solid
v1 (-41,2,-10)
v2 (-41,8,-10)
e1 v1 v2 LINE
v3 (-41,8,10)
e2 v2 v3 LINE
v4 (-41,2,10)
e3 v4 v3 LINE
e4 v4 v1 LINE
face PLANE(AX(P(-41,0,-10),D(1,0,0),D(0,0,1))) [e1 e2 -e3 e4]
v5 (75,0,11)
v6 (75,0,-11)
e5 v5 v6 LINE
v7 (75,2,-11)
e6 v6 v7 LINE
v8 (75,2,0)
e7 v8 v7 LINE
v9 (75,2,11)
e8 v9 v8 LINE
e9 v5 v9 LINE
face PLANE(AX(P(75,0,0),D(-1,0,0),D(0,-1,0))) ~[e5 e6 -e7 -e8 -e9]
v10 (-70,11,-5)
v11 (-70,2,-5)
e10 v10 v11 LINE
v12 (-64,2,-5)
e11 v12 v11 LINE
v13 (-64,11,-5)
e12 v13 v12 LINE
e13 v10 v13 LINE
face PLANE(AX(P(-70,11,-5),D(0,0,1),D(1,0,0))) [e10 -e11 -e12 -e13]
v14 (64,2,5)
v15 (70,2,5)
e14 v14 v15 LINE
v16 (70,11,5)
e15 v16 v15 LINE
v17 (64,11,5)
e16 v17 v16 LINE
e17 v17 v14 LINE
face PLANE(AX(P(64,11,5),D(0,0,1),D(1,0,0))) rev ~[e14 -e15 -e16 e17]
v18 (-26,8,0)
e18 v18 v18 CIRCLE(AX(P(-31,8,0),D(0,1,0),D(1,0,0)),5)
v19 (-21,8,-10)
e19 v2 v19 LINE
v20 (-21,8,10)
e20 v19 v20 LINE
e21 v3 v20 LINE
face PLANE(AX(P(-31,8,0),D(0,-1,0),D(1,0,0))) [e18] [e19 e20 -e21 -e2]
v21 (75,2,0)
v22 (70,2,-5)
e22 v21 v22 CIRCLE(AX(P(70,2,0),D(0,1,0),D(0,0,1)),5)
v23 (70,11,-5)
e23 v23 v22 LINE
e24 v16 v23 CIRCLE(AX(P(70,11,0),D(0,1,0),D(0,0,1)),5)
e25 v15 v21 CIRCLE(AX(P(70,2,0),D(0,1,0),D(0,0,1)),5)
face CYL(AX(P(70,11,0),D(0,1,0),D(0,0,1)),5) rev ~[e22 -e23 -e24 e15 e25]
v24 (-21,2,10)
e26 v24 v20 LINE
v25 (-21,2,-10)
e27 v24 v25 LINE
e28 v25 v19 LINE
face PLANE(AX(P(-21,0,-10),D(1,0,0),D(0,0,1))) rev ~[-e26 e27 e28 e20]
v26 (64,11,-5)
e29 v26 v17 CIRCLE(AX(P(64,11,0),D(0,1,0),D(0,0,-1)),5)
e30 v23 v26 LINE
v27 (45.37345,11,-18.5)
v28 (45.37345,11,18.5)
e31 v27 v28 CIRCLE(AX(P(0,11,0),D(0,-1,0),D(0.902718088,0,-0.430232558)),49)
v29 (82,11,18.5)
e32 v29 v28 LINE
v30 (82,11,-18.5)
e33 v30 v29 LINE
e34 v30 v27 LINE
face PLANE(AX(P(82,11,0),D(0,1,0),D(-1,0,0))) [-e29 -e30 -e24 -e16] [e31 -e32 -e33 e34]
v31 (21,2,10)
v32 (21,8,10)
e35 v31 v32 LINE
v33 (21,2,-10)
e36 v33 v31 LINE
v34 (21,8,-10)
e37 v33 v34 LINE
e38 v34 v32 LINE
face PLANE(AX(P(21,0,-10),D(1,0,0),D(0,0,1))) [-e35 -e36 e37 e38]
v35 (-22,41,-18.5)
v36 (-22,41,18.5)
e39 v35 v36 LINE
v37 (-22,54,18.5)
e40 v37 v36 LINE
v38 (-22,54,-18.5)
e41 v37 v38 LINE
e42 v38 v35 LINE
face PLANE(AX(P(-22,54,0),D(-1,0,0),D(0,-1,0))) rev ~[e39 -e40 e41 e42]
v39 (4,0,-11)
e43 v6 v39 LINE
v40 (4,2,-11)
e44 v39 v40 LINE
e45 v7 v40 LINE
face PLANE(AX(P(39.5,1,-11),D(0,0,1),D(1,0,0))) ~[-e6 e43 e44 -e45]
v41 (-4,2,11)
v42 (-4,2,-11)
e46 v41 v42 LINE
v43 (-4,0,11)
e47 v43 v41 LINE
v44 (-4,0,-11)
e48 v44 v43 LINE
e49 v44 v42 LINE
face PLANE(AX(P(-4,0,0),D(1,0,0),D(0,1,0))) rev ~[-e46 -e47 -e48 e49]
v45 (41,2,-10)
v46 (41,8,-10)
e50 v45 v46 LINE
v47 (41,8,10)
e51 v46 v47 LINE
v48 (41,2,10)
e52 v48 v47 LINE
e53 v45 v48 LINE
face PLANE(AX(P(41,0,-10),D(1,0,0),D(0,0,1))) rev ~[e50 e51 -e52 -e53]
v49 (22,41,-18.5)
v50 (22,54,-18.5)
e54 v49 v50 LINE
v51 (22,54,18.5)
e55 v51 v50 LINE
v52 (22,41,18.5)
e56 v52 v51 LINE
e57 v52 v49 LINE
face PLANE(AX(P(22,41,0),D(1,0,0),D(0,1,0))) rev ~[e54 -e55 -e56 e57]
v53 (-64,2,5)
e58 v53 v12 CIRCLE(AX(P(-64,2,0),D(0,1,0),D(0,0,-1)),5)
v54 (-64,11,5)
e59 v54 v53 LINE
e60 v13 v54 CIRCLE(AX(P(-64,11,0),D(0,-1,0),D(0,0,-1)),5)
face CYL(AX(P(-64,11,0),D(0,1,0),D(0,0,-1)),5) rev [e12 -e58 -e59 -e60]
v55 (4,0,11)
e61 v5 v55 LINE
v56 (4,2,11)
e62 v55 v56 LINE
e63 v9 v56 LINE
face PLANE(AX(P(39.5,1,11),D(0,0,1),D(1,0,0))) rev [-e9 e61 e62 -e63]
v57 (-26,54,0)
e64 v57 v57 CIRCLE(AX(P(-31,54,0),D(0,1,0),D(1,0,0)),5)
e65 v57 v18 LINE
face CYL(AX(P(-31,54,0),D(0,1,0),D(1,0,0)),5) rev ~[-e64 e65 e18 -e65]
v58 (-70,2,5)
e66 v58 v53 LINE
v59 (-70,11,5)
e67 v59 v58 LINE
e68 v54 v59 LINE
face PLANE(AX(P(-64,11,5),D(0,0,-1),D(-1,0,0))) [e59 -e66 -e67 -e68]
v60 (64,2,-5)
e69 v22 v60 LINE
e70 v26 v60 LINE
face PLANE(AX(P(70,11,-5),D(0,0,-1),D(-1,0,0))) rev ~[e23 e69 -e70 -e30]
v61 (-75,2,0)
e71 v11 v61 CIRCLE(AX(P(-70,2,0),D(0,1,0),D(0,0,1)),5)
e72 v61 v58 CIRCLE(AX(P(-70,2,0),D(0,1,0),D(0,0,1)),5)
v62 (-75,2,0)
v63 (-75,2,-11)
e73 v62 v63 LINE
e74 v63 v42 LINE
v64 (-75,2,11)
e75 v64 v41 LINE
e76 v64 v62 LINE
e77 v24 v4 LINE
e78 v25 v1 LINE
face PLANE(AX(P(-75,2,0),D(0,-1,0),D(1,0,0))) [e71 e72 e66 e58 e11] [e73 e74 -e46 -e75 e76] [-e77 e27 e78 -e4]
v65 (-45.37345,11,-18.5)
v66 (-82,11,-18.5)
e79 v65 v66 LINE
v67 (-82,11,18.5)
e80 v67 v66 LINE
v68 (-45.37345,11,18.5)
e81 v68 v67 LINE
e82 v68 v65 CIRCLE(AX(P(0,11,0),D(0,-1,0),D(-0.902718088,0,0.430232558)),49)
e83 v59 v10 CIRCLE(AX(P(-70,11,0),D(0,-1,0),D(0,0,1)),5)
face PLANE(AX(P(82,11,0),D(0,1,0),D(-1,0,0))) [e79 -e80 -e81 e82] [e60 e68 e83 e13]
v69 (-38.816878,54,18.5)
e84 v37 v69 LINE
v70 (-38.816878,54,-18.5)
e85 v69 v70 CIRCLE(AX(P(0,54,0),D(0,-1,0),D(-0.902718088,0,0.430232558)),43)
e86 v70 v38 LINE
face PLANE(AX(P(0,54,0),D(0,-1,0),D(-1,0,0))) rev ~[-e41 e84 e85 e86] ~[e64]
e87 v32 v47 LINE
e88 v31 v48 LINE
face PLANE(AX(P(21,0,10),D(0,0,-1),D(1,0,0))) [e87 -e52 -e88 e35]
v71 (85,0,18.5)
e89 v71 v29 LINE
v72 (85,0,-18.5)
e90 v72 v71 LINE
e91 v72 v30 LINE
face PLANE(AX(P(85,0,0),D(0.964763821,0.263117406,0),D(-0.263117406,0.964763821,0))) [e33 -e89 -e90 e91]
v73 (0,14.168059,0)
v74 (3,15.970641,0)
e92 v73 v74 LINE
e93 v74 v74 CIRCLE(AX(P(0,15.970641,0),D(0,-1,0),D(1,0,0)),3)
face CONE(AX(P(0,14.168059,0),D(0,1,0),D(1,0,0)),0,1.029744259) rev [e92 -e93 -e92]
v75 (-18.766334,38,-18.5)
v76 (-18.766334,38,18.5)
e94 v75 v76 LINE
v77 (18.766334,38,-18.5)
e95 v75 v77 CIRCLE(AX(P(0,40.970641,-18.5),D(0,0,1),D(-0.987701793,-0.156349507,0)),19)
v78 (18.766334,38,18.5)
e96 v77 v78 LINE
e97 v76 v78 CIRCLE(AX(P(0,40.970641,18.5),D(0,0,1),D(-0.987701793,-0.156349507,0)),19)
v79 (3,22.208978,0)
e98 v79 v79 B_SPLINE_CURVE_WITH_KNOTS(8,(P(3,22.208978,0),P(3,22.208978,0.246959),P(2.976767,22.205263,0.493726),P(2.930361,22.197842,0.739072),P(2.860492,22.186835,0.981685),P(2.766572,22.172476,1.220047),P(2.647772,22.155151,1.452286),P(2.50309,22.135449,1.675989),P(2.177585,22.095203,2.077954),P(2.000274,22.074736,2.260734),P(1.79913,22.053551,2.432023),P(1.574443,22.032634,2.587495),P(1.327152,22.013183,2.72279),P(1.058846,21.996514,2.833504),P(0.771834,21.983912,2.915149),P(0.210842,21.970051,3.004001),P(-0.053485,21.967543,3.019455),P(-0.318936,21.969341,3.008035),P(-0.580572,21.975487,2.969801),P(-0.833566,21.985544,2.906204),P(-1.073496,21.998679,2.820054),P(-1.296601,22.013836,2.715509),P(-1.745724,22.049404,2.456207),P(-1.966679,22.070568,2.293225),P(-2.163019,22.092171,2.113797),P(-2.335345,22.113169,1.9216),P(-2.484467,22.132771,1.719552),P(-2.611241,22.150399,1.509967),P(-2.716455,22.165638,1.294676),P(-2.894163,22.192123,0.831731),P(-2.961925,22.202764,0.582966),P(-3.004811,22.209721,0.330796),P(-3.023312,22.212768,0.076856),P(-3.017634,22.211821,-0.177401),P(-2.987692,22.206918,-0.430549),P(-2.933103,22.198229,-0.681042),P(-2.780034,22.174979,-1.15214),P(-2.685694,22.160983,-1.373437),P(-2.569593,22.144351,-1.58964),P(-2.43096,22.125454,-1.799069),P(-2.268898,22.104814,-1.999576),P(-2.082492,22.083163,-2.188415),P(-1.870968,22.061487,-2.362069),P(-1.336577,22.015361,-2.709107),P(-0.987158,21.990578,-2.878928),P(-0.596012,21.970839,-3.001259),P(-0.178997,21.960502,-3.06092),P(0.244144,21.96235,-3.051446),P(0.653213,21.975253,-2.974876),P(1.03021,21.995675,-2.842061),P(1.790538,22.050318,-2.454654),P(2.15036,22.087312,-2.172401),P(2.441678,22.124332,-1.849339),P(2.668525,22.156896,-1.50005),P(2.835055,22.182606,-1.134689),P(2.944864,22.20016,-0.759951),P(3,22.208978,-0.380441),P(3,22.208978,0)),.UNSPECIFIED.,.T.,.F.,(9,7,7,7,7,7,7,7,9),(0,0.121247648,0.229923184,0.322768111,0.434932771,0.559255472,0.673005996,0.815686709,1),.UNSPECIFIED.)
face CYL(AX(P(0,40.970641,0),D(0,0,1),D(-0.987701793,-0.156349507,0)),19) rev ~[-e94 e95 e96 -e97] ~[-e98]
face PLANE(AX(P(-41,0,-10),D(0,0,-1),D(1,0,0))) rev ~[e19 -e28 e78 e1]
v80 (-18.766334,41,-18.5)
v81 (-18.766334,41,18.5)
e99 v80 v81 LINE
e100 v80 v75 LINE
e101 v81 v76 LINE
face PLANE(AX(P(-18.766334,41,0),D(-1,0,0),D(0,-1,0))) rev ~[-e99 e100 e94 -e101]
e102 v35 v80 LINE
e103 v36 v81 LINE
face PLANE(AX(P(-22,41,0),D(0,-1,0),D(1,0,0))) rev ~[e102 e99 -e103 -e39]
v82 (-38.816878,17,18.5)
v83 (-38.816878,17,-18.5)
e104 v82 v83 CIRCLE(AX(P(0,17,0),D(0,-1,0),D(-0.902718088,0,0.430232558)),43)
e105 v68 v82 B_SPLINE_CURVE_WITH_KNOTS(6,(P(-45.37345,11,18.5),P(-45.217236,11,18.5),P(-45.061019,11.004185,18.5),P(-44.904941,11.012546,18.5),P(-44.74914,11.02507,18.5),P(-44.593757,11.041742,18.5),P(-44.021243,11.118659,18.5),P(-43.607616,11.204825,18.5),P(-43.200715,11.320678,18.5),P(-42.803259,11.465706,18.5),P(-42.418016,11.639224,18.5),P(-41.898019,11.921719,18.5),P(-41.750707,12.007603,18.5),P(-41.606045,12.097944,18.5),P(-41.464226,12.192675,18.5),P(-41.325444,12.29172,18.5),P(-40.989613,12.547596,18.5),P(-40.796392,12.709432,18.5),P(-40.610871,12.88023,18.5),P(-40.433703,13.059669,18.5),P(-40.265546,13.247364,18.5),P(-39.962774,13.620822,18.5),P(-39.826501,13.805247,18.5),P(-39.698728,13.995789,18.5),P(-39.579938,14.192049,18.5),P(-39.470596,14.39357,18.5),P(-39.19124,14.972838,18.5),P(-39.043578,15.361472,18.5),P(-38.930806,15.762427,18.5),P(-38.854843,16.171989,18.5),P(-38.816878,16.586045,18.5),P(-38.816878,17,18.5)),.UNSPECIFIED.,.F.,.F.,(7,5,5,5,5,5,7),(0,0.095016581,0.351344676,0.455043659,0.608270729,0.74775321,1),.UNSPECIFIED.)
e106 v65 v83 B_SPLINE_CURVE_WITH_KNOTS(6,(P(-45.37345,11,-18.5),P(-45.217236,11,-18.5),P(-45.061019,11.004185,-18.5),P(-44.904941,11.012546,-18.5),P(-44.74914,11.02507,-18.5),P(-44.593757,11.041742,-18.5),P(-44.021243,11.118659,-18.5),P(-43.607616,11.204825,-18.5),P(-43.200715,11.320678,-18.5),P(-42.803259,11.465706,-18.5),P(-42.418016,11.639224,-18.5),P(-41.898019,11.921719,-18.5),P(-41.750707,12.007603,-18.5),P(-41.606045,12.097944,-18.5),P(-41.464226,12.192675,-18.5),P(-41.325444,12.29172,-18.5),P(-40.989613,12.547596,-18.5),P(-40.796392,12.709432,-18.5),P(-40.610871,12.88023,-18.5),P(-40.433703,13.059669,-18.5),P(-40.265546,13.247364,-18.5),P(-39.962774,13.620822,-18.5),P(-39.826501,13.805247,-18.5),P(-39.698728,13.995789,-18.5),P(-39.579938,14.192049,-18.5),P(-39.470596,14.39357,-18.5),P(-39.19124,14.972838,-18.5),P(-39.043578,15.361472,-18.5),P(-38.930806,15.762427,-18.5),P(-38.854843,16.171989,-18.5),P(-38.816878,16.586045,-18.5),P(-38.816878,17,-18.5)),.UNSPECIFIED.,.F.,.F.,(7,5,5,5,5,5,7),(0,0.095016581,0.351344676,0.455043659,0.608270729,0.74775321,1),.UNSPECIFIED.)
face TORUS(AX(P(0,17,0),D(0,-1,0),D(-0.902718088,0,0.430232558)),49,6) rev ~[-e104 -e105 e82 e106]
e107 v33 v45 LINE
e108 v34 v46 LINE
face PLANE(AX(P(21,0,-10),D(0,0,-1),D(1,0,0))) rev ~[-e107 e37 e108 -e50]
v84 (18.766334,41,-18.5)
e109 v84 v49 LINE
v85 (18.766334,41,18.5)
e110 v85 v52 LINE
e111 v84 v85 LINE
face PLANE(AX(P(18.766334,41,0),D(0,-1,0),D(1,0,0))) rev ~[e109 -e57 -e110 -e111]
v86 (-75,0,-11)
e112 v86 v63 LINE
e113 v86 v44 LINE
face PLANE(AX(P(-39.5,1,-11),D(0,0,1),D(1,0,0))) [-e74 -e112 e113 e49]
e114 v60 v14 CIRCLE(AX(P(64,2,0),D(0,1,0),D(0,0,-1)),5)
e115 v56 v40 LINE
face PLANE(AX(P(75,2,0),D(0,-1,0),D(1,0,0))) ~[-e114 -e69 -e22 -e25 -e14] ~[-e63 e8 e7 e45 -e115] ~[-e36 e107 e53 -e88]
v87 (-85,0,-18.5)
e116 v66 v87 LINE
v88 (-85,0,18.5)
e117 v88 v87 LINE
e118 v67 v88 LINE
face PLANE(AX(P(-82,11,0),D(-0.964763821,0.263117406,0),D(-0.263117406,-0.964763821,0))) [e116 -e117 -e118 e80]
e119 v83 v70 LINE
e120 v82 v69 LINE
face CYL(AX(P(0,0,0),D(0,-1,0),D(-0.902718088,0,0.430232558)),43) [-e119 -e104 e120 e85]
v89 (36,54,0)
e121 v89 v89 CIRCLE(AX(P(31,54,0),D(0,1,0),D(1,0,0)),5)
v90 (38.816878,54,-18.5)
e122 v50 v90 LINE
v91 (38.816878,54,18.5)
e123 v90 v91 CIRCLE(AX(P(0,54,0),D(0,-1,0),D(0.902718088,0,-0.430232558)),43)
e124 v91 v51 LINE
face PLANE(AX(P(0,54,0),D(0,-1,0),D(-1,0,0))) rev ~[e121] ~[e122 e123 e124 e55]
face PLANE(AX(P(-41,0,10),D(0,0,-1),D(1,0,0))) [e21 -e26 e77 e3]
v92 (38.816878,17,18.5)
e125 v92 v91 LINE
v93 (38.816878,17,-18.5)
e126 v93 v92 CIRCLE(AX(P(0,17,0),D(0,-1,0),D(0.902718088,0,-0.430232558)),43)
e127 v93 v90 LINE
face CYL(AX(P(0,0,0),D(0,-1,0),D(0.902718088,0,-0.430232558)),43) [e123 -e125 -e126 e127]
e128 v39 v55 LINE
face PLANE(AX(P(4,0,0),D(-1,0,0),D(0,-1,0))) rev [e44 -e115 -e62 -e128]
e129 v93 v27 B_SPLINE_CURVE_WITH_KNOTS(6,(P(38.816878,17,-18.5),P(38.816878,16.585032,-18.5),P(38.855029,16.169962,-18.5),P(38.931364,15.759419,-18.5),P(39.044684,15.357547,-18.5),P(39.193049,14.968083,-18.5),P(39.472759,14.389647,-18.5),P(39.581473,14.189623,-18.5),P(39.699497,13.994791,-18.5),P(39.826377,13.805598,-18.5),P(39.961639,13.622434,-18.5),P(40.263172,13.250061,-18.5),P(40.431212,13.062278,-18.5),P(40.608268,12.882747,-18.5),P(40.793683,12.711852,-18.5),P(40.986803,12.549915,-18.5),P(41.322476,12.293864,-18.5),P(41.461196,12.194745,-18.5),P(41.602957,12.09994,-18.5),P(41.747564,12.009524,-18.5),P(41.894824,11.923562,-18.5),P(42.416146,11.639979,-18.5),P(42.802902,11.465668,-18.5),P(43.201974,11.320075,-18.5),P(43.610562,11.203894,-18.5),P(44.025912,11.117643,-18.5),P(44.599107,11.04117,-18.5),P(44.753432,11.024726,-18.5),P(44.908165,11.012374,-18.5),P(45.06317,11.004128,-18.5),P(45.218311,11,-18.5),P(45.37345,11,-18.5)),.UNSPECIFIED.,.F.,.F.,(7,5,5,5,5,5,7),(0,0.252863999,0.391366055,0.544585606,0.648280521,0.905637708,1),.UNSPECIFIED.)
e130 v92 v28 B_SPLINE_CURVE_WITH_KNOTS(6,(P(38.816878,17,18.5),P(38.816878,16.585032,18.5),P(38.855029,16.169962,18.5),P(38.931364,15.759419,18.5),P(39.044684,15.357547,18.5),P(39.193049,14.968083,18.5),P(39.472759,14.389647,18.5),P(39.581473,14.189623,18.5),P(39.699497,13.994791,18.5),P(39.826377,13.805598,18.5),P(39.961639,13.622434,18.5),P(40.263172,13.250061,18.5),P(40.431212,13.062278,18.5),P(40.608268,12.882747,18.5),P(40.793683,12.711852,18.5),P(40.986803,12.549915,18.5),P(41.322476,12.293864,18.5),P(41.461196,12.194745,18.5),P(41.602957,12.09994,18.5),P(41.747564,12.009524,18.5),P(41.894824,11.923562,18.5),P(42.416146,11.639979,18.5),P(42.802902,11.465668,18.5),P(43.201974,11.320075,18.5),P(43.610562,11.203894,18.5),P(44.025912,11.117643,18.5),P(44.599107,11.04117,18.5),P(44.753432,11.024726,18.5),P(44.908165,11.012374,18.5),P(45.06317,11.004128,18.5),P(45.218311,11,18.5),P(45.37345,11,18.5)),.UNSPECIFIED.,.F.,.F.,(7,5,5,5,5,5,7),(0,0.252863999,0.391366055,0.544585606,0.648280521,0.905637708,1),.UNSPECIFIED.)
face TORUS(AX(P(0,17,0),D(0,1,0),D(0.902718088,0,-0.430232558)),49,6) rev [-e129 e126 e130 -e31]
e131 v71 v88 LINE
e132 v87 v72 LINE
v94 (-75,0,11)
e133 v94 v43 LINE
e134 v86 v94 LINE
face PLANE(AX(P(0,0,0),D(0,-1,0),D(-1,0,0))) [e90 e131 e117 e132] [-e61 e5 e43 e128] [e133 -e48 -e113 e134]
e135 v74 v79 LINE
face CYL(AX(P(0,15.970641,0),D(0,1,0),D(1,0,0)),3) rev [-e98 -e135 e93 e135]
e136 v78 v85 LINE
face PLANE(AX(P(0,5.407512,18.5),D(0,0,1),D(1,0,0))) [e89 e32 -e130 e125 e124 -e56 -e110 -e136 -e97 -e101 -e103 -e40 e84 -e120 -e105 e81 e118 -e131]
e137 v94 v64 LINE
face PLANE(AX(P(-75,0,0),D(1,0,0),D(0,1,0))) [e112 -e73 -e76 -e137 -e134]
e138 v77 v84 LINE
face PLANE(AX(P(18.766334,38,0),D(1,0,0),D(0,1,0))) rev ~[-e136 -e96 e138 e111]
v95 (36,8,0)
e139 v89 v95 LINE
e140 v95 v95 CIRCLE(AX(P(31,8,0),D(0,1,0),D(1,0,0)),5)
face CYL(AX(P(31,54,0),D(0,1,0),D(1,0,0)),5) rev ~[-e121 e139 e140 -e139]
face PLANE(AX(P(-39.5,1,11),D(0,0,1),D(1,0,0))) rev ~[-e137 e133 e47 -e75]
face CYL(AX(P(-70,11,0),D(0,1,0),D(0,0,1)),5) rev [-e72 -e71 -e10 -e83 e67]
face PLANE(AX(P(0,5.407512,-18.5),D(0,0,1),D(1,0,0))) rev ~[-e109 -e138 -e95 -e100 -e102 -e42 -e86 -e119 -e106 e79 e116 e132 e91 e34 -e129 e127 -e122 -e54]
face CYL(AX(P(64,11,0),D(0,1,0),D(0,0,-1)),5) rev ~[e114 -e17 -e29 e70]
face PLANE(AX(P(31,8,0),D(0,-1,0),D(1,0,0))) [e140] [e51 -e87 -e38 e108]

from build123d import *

# Parameters (mm, degrees)
BOSS_EXTRUDE1_DEPTH = 18.5
BOSS_EXTRUDE2_START = -11
BOSS_EXTRUDE2_DEPTH = 54
CUT_EXTRUDE1_DEPTH  = 27
SKETCH4_R           = 5
CUT_EXTRUDE2_DEPTH  = 55
SKETCH5_W           = 20
SKETCH5_H           = 20
CUT_EXTRUDE3_DEPTH  = 8
SKETCH6_W           = 71
SKETCH6_H           = 2
CUT_EXTRUDE4_DEPTH  = 11
CUT_EXTRUDE5_DEPTH  = 12
FILLET1_R           = 6


with BuildPart() as part:
    # Sketch1 → Boss-Extrude1 (new body, symmetric)
    with BuildSketch(Plane.XY):
        Polygon((-85, 0), (85, 0), (82, 11), (-82, 11), align=None)
    extrude(amount=BOSS_EXTRUDE1_DEPTH, both=True)

    # Sketch2 → Boss-Extrude2 (add)
    with BuildSketch(Plane(origin=(0, 11, 0), x_dir=(1, 0, 0), z_dir=(0, 1, 0)).offset(BOSS_EXTRUDE2_START)):
        with BuildLine():
            Line((38.816877772, -18.5), (-38.816877772, -18.5))
            ThreePointArc((-38.816877772, -18.5), (-43, 0), (-38.816877772, 18.5))
            Line((-38.816877772, 18.5), (38.816877772, 18.5))
            ThreePointArc((38.816877772, 18.5), (43, 0), (38.816877772, -18.5))
        make_face()
    extrude(amount=BOSS_EXTRUDE2_DEPTH)

    # Sketch3 → Cut-Extrude1 (cut, symmetric)
    with BuildSketch(Plane.XY):
        with BuildLine():
            Line((-22, 54), (-22, 41))
            Line((-22, 41), (-18.766334066, 41))
            Line((-18.766334066, 41), (-18.766334066, 38))
            ThreePointArc((-18.766334066, 38), (0, 21.970640627), (18.766334066, 38))
            Line((18.766334066, 38), (18.766334066, 41))
            Line((18.766334066, 41), (22, 41))
            Line((22, 41), (22, 54))
            Line((22, 54), (-22, 54))
        make_face()
    extrude(amount=CUT_EXTRUDE1_DEPTH, both=True, mode=Mode.SUBTRACT)

    # Sketch4 → Cut-Extrude2 (cut, through all)
    with BuildSketch(Plane(origin=(0, 54, 0), x_dir=(1, 0, 0), z_dir=(0, 1, 0))):
        with Locations((-31, 0)):
            Circle(SKETCH4_R)
        with Locations((31, 0)):
            Circle(SKETCH4_R)
    extrude(amount=-CUT_EXTRUDE2_DEPTH, mode=Mode.SUBTRACT)

    # Sketch5 → Cut-Extrude3 (cut)
    with BuildSketch(Plane.XZ):
        with Locations((-31, 0)):
            Rectangle(SKETCH5_W, SKETCH5_H)
        with Locations((31, 0)):
            Rectangle(SKETCH5_W, SKETCH5_H)
    extrude(amount=-CUT_EXTRUDE3_DEPTH, mode=Mode.SUBTRACT)

    # Sketch6 → Cut-Extrude4 (cut, symmetric)
    with BuildSketch(Plane.XY):
        with Locations((-39.5, 1)):
            Rectangle(SKETCH6_W, SKETCH6_H)
    cut_extrude4 = extrude(amount=CUT_EXTRUDE4_DEPTH, both=True, mode=Mode.SUBTRACT)

    # Mirror1: Cut-Extrude4 across plane
    add(cut_extrude4.mirror(Plane(origin=(0, 0, 0), x_dir=(0, 0, 1), z_dir=(1, 0, 0))), mode=Mode.SUBTRACT)

    # Sketch7 → Cut-Extrude5 (cut, through all)
    with BuildSketch(Plane(origin=(0, 11, 0), x_dir=(1, 0, 0), z_dir=(0, 1, 0))):
        with BuildLine():
            Line((-64, -5), (-70, -5))
            ThreePointArc((-70, -5), (-75, 0), (-70, 5))
            Line((-70, 5), (-64, 5))
            ThreePointArc((-64, 5), (-59, 0), (-64, -5))
        make_face()
        with BuildLine():
            Line((64, -5), (70, -5))
            ThreePointArc((70, -5), (75, 0), (70, 5))
            Line((70, 5), (64, 5))
            ThreePointArc((64, 5), (59, 0), (64, -5))
        make_face()
    extrude(amount=-CUT_EXTRUDE5_DEPTH, mode=Mode.SUBTRACT)

    # Sketch8 → Cut-Revolve1 (revolve, cut)
    with BuildSketch(Plane.XY):
        Polygon((0, 21.970640627), (0, 14.16805877), (3, 15.970640627), (3, 25.476225131), (0, 25.476225131), align=None)
    revolve(axis=Axis((0, 21.970640627, 0), (0, -1, 0)), mode=Mode.SUBTRACT)

    # Fillet1
    fillet1_edges = [part.edges().sort_by_distance(p)[0] for p in [
        (-43, 11, 0),
        (43, 11, 0),
    ]]
    fillet(fillet1_edges, radius=FILLET1_R)


solid = part.part
